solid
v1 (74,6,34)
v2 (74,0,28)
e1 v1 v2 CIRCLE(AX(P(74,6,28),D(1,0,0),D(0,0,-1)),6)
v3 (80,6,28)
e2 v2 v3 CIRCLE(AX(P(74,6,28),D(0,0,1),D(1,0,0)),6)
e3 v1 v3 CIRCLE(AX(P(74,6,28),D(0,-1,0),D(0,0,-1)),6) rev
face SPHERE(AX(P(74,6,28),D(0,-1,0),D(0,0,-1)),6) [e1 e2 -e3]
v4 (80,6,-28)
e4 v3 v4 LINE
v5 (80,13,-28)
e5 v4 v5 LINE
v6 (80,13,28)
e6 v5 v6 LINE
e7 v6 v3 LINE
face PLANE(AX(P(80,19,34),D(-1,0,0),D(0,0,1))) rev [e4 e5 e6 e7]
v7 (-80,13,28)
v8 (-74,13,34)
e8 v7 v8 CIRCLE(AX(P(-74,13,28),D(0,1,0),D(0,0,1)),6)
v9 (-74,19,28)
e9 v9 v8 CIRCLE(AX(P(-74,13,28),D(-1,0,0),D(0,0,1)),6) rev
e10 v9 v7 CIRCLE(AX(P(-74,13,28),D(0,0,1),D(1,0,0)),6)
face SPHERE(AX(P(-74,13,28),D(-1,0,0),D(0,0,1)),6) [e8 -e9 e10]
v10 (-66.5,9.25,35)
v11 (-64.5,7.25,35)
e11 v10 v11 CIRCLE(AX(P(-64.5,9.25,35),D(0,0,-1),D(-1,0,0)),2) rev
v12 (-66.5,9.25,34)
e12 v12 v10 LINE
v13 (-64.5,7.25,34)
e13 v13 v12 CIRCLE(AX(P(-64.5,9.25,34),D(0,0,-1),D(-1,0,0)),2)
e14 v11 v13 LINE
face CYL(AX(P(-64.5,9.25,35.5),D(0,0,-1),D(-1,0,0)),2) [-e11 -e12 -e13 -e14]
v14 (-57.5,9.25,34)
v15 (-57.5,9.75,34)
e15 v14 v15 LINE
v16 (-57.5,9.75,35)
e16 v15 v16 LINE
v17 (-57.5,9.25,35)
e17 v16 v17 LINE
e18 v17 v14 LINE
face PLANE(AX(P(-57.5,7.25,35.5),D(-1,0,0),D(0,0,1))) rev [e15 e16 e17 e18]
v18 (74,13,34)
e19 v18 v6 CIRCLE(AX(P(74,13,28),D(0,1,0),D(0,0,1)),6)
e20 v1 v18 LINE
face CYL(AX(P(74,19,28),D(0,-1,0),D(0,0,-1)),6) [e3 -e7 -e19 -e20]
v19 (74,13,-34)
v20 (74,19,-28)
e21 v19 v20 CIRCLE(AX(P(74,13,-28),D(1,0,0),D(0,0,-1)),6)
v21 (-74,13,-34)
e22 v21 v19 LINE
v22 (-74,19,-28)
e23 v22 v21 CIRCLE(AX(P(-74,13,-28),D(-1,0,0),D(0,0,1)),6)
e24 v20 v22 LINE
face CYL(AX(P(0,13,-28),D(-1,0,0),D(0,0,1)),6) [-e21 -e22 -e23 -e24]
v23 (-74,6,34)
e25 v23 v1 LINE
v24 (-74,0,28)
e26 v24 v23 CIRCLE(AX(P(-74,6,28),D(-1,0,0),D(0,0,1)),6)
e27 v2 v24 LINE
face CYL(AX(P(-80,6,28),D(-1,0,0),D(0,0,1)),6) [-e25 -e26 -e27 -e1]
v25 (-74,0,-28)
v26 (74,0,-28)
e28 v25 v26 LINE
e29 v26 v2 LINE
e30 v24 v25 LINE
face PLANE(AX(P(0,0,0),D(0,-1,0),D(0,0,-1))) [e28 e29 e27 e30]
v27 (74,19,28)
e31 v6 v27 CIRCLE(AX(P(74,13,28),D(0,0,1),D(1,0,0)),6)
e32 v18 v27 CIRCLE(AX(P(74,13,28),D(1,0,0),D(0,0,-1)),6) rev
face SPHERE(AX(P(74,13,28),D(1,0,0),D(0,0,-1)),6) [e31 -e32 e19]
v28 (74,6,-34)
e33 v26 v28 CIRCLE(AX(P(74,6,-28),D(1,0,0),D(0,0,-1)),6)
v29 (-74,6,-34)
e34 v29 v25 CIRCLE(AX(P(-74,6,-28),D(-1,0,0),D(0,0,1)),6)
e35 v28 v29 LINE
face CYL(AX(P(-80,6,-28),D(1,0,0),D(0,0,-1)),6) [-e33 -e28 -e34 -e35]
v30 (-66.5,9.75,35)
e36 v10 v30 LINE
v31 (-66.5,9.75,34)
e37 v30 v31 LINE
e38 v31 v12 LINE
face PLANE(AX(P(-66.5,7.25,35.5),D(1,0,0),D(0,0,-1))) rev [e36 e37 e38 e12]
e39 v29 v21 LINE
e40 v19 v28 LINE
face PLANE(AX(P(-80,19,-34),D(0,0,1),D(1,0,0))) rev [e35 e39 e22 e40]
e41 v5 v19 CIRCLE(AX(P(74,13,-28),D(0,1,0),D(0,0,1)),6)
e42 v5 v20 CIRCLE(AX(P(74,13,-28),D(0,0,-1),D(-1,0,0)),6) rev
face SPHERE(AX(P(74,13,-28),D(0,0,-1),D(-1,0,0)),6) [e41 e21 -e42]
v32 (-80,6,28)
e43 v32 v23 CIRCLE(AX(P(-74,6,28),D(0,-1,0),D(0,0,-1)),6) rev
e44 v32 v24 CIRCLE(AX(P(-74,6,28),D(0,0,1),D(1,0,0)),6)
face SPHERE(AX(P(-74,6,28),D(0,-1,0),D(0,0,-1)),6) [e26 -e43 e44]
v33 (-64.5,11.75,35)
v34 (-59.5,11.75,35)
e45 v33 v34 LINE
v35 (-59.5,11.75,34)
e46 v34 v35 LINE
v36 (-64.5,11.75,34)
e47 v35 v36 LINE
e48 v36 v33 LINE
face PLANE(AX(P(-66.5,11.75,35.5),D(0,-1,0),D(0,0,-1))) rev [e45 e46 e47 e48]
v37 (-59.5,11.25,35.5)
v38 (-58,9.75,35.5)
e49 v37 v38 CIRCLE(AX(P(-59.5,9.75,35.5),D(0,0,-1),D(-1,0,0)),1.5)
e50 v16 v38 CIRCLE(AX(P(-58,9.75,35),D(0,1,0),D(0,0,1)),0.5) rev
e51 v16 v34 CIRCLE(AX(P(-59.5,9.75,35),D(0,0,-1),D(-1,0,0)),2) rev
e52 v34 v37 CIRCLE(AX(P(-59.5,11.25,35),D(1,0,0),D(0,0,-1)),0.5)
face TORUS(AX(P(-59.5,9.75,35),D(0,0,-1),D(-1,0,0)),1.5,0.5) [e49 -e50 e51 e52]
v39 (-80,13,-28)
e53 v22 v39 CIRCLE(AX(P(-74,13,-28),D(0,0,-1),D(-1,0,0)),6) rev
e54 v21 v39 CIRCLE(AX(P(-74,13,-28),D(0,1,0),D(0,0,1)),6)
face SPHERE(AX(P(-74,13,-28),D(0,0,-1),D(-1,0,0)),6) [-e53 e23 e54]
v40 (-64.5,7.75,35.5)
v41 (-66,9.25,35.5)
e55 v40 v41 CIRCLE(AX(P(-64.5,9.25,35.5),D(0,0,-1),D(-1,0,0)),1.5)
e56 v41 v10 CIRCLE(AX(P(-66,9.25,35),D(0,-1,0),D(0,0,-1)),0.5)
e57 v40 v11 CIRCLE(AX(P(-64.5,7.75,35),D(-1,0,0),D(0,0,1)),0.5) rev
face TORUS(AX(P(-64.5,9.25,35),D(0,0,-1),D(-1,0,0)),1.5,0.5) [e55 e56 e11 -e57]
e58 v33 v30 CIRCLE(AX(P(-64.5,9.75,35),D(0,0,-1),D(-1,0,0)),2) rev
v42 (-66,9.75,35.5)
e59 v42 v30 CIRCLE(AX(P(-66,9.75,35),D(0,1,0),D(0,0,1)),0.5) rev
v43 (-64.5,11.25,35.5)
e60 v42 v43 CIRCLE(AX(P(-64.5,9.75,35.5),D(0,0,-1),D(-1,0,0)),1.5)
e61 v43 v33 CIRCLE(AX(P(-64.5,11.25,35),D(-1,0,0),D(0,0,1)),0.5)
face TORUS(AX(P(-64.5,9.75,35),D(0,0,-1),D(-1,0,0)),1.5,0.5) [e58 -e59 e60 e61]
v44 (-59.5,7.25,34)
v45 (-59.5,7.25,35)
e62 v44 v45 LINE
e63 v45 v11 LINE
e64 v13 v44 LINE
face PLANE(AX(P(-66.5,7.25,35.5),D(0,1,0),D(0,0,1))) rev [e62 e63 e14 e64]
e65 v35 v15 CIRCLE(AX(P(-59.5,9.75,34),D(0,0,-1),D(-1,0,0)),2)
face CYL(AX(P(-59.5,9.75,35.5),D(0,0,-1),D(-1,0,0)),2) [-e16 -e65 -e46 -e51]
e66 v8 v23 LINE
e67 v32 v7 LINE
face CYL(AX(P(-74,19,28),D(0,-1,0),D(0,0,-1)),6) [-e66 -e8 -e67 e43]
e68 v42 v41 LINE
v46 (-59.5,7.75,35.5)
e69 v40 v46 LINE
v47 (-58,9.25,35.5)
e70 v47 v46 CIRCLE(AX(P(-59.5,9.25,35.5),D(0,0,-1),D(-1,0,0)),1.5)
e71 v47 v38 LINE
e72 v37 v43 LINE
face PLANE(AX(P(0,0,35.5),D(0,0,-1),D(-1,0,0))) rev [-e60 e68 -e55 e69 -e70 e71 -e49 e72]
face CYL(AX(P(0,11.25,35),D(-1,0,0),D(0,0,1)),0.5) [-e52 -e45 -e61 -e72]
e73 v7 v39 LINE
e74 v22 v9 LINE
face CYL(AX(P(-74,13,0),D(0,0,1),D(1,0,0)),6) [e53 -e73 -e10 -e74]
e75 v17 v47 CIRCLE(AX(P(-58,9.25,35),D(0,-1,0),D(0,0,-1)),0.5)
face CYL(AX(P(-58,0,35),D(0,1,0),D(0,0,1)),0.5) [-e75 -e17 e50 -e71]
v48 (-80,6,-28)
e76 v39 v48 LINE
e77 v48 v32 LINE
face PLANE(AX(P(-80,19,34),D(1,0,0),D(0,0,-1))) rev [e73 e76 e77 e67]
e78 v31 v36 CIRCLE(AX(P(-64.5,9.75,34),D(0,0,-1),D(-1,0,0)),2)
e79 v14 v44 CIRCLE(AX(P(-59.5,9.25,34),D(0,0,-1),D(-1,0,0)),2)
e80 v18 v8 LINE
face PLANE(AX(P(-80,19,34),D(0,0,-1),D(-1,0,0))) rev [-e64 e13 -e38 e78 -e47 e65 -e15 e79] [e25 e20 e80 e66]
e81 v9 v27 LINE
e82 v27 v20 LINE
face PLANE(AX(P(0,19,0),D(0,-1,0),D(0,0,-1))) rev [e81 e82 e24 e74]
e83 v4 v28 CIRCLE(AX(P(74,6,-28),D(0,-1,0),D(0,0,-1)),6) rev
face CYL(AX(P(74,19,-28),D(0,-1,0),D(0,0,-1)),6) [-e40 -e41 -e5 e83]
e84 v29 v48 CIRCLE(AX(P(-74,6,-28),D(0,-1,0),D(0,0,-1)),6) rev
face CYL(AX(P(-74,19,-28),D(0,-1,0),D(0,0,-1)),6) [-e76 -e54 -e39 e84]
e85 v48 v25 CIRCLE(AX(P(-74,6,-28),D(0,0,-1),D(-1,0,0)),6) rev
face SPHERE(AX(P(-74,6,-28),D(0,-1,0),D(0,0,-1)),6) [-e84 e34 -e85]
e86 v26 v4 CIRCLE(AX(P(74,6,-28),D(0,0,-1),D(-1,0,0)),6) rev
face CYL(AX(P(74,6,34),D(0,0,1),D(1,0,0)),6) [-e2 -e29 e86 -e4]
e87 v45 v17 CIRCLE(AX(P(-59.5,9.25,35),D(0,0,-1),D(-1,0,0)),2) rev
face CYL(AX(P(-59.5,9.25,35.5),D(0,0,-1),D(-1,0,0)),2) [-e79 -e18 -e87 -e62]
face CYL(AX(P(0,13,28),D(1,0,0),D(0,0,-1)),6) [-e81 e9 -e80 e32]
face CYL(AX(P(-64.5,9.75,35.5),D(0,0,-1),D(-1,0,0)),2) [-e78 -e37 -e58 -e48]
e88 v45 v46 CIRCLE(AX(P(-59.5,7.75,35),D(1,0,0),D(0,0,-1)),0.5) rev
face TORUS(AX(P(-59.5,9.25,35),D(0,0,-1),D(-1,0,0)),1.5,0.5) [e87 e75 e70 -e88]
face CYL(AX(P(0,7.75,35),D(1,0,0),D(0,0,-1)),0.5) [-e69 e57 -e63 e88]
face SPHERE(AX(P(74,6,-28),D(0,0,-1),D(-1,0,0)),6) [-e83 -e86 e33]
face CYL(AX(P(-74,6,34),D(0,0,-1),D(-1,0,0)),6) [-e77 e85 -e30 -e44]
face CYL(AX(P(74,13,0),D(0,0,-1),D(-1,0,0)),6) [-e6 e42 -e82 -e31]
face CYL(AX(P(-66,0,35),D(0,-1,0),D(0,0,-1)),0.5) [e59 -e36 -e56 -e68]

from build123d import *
from OCP.BRepFilletAPI import BRepFilletAPI_MakeFillet

# Parameters (mm, degrees)
SKETCH1_W           = 160
SKETCH1_H           = 68
BOSS_EXTRUDE1_DEPTH = 19
FILLET1_R           = 6
SKETCH2_W           = 9
SKETCH2_H           = 4.5
BOSS_EXTRUDE2_DEPTH = 1.5
FILLET2_R1          = 2
FILLET2_R2          = 0.5


with BuildPart() as part:
    # Sketch1 → Boss-Extrude1 (new body)
    with BuildSketch(Plane(origin=(0, 0, 0), x_dir=(1, 0, 0), z_dir=(0, 1, 0))):
        Rectangle(SKETCH1_W, SKETCH1_H)
    extrude(amount=BOSS_EXTRUDE1_DEPTH)

    # Fillet1
    fillet1_edges = [part.edges().sort_by_distance(p)[0] for p in [
        (-80, 19, 0),
        (0, 19, 34),
        (80, 19, 0),
        (0, 0, 34),
        (-80, 0, 0),
        (0, 0, -34),
        (80, 0, 0),
        (80, 9.5, 34),
        (-80, 9.5, 34),
        (-80, 9.5, -34),
        (80, 9.5, -34),
        (0, 19, -34),
    ]]
    fillet(fillet1_edges, radius=FILLET1_R)

    # Sketch2 → Boss-Extrude2 (add)
    with BuildSketch(Plane.XY.offset(34)):
        with Locations((-62, 9.5)):
            Rectangle(SKETCH2_W, SKETCH2_H)
    extrude(amount=BOSS_EXTRUDE2_DEPTH)

    # Fillet2: one fillet with a radius per group of edges: ONE call of the kernel's fillet builder (fillet() takes one radius for all edges)
    fillet2_edges_1 = [part.edges().sort_by_distance(p)[0] for p in [
        (-57.5, 7.25, 34.75),
        (-57.5, 11.75, 34.75),
        (-66.5, 11.75, 34.75),
        (-66.5, 7.25, 34.75),
    ]]
    fillet2_edges_2 = [part.edges().sort_by_distance(p)[0] for p in [
        (-57.5, 9.5, 35.5),
        (-62, 11.75, 35.5),
        (-66.5, 9.5, 35.5),
        (-62, 7.25, 35.5),
    ]]
    fillet2 = BRepFilletAPI_MakeFillet(part.part.solid().wrapped)
    for e in fillet2_edges_1:
        fillet2.Add(FILLET2_R1, e.wrapped)
    for e in fillet2_edges_2:
        fillet2.Add(FILLET2_R2, e.wrapped)
    add(Compound.cast(fillet2.Shape()), mode=Mode.REPLACE)


solid = part.part
